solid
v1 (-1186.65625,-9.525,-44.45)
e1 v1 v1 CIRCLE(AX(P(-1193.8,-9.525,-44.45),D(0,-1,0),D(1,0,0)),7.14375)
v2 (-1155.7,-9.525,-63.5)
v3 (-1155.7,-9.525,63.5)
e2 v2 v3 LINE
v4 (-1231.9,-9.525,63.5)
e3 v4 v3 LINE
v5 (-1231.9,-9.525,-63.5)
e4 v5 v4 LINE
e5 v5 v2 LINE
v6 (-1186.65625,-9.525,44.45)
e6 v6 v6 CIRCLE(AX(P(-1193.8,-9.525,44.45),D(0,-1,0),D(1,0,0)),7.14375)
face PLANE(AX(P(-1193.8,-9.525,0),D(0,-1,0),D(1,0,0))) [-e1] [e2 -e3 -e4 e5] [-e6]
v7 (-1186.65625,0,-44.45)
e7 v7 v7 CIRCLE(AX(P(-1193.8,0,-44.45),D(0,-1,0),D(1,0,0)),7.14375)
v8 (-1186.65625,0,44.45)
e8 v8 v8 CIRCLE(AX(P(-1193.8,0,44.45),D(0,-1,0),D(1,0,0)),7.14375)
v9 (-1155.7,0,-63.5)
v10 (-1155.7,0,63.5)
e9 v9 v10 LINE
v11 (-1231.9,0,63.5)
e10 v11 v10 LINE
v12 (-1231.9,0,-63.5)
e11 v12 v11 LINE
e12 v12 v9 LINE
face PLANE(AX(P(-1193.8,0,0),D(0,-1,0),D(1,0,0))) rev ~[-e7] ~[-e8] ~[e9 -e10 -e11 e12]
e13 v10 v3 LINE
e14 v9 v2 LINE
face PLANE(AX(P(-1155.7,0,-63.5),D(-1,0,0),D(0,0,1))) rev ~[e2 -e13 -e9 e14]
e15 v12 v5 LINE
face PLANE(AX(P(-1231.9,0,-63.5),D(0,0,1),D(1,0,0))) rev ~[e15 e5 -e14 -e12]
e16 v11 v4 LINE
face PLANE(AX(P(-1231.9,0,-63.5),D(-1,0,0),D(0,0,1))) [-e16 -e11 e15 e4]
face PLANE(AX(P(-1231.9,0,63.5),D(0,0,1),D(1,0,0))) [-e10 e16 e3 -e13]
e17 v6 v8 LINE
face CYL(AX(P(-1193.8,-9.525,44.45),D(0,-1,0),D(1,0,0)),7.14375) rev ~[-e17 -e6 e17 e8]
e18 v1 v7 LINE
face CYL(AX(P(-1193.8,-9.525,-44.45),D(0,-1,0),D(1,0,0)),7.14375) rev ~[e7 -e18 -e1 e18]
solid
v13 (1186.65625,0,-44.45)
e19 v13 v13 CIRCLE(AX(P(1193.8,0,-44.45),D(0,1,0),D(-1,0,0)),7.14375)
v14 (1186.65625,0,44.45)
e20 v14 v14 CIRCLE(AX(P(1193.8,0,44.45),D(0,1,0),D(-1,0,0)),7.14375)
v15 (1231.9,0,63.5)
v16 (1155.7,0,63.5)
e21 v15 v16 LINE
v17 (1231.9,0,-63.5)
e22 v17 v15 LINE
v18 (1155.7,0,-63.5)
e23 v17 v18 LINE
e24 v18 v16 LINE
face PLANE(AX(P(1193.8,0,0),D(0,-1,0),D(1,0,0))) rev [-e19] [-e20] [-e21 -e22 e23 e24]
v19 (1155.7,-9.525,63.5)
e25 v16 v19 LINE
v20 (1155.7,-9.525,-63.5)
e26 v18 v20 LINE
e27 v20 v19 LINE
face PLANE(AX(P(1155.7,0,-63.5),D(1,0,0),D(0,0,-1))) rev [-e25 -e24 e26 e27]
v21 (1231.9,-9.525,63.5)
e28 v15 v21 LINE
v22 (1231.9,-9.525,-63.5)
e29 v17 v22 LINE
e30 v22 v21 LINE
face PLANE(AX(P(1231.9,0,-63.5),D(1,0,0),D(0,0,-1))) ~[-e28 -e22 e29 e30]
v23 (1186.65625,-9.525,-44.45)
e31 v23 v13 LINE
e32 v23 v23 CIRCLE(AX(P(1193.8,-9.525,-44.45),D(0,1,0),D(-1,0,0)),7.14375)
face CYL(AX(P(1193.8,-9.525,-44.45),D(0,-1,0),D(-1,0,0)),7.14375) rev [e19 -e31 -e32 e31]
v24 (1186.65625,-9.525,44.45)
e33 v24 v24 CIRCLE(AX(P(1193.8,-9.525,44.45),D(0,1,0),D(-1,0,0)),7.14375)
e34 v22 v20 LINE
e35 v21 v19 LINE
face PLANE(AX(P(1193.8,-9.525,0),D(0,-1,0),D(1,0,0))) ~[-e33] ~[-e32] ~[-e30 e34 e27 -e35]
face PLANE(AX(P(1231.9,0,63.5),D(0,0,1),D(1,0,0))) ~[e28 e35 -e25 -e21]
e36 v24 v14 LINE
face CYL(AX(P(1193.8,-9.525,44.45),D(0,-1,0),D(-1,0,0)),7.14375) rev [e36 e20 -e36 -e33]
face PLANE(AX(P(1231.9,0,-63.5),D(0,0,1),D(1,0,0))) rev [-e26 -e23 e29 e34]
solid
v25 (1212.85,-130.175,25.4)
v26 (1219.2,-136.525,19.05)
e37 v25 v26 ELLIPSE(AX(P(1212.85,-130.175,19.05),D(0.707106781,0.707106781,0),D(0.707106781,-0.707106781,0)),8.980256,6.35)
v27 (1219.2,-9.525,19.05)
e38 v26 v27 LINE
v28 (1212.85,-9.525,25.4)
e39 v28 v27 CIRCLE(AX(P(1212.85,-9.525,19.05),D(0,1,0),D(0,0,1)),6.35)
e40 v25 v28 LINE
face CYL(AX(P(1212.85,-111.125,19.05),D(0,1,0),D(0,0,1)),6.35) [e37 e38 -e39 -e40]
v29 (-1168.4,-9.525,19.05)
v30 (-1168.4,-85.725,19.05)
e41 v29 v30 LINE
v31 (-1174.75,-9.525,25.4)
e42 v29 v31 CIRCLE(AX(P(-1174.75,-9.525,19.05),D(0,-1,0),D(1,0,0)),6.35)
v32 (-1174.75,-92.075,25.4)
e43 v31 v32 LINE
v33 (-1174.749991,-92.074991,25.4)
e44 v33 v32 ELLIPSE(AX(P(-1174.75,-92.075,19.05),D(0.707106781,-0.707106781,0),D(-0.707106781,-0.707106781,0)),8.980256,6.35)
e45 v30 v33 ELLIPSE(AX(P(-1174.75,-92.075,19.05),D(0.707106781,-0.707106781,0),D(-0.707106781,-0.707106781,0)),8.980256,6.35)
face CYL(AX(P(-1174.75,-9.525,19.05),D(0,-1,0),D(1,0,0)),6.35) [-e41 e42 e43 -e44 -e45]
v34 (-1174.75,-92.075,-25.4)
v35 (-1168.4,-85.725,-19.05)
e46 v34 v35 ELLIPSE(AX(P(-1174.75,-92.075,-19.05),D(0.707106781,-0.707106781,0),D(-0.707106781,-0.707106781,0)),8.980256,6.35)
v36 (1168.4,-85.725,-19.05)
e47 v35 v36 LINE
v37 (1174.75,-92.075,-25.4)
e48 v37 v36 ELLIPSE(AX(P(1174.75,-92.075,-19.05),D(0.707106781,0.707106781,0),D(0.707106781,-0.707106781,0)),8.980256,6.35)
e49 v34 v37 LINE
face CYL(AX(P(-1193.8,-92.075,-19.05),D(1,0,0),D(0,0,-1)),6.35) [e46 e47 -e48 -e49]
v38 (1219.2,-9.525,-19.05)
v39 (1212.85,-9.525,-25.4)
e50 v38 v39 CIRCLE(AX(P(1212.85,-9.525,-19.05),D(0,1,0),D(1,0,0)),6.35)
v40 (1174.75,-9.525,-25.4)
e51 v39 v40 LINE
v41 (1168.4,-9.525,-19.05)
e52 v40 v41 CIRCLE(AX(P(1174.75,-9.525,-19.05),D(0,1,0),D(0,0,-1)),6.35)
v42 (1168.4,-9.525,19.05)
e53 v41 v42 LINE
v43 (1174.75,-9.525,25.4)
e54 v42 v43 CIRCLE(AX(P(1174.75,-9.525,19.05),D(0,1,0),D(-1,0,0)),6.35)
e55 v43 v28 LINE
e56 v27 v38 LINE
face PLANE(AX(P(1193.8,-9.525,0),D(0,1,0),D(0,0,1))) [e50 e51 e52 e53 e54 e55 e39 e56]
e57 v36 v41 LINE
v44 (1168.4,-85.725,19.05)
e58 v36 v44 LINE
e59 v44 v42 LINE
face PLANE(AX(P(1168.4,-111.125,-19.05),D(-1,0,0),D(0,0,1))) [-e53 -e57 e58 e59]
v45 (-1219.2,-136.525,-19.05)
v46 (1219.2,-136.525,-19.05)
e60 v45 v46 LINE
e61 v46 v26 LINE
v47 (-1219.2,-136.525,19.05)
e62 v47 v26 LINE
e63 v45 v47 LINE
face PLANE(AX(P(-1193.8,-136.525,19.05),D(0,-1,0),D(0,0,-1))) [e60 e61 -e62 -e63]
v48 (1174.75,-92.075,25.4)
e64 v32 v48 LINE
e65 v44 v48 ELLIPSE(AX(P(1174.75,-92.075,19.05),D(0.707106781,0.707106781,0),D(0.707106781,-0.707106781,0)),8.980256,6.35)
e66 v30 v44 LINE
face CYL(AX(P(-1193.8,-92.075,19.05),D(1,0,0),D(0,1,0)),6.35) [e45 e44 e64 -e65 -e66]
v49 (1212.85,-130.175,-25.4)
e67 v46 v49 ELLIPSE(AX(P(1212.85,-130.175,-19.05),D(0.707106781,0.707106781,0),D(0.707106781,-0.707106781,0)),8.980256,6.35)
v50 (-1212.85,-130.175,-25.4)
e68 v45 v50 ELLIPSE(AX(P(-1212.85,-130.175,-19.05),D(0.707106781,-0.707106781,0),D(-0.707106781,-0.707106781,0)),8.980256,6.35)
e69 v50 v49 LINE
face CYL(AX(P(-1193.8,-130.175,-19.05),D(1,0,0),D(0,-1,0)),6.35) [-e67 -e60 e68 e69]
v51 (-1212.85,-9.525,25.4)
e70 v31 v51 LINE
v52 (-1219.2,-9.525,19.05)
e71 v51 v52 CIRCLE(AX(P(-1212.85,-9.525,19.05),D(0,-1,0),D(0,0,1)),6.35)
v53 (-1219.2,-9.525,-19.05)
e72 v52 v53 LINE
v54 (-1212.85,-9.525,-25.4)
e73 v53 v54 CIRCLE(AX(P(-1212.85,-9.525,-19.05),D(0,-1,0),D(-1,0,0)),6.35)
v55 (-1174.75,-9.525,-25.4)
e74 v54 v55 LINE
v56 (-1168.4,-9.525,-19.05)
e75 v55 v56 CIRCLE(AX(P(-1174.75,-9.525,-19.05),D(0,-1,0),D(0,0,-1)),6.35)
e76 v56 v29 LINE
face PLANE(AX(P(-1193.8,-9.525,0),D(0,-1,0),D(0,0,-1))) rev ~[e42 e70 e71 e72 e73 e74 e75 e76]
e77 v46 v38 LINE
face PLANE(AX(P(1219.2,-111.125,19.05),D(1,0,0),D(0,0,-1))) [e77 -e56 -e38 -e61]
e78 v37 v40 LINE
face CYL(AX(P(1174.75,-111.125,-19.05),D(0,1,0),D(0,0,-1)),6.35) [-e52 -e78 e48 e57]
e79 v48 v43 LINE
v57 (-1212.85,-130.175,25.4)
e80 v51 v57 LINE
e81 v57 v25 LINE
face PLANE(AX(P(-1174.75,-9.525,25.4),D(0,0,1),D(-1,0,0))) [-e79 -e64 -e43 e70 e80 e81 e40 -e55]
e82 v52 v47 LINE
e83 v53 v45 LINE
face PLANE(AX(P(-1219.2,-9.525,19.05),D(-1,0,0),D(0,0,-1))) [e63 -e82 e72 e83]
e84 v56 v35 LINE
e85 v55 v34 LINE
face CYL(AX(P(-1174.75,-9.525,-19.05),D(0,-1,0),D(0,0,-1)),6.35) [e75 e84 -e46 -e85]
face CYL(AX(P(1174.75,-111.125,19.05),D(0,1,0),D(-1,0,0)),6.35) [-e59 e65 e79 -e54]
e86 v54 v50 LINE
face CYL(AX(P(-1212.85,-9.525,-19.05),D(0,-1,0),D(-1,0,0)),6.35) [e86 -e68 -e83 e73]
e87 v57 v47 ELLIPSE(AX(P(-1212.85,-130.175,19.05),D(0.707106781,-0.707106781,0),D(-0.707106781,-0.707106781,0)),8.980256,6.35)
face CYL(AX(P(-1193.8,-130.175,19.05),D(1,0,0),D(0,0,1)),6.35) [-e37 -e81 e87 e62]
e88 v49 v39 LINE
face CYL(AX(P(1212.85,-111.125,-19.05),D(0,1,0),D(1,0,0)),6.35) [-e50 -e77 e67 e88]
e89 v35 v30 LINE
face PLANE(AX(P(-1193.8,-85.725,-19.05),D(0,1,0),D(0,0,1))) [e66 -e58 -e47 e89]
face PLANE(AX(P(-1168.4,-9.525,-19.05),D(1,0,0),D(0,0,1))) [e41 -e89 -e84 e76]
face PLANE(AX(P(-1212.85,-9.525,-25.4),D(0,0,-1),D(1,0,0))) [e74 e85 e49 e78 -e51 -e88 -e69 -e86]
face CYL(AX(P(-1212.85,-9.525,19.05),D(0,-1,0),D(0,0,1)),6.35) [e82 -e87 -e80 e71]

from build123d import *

# Parameters (mm, degrees)
F0_W     = 76.2
F0_H     = 127
F1_DEPTH = 9.525
F2_R     = 7.14375
F3_DEPTH = 25.4


with BuildPart() as f1:
    # F0 (on Front) → F1 (new body)
    with BuildSketch(Plane.XZ):
        with Locations((-1193.8, 0)):
            Rectangle(F0_W, F0_H)
        with BuildLine():
            ThreePointArc((-1219.2, 19.05), (-1217.3401280605, 23.5401280605), (-1212.85, 25.4))
            Line((-1212.85, 25.4), (-1174.75, 25.4))
            ThreePointArc((-1174.75, 25.4), (-1170.2598719395, 23.5401280605), (-1168.4, 19.05))
            Line((-1168.4, 19.05), (-1168.4, -19.05))
            ThreePointArc((-1168.4, -19.05), (-1170.2598719395, -23.5401280605), (-1174.75, -25.4))
            Line((-1174.75, -25.4), (-1212.85, -25.4))
            ThreePointArc((-1212.85, -25.4), (-1217.3401280605, -23.5401280605), (-1219.2, -19.05))
            Line((-1219.2, -19.05), (-1219.2, 19.05))
        make_face(mode=Mode.SUBTRACT)
        with BuildLine():
            Line((-1174.75, 25.4), (-1212.85, 25.4))
            ThreePointArc((-1212.85, 25.4), (-1217.3401280605, 23.5401280605), (-1219.2, 19.05))
            Line((-1219.2, 19.05), (-1219.2, -19.05))
            ThreePointArc((-1219.2, -19.05), (-1217.3401280605, -23.5401280605), (-1212.85, -25.4))
            Line((-1212.85, -25.4), (-1174.75, -25.4))
            ThreePointArc((-1174.75, -25.4), (-1170.2598719395, -23.5401280605), (-1168.4, -19.05))
            Line((-1168.4, -19.05), (-1168.4, 19.05))
            ThreePointArc((-1168.4, 19.05), (-1170.2598719395, 23.5401280605), (-1174.75, 25.4))
        make_face()
    extrude(amount=F1_DEPTH)

    # F2 (on face) → F3 (cut)
    with BuildSketch(Plane.XZ.offset(9.525)):
        with Locations((-1193.8, 44.45)):
            Circle(F2_R)
        with Locations((-1193.8, -44.45)):
            Circle(F2_R)
    extrude(amount=-F3_DEPTH, mode=Mode.SUBTRACT)


with BuildPart() as f4_1:
    # F4: instance of F1
    add(f1.part.mirror(Plane.YZ))


with BuildPart() as f7:
    # F7: sweep along a path in F6
    with BuildLine(Plane.XY) as f7_path:
        Line((-1193.8, -9.525), (-1193.8, -111.125))
        Line((-1193.8, -111.125), (1193.8, -111.125))
        Line((1193.8, -111.125), (1193.8, -9.525))
    # F5 (on face) → F7 (sweep)
    with BuildSketch(Plane.XZ.offset(9.525)):
        with BuildLine():
            Line((-1174.75, 25.4), (-1212.85, 25.4))
            ThreePointArc((-1212.85, 25.4), (-1217.3401280605, 23.5401280605), (-1219.2, 19.05))
            Line((-1219.2, 19.05), (-1219.2, -19.05))
            ThreePointArc((-1219.2, -19.05), (-1217.3401280605, -23.5401280605), (-1212.85, -25.4))
            Line((-1212.85, -25.4), (-1174.75, -25.4))
            ThreePointArc((-1174.75, -25.4), (-1170.2598719395, -23.5401280605), (-1168.4, -19.05))
            Line((-1168.4, -19.05), (-1168.4, 19.05))
            ThreePointArc((-1168.4, 19.05), (-1170.2598719395, 23.5401280605), (-1174.75, 25.4))
        make_face()
    sweep(path=f7_path.line, transition=Transition.RIGHT)


solid = Compound([f1.part, f4_1.part, f7.part])
